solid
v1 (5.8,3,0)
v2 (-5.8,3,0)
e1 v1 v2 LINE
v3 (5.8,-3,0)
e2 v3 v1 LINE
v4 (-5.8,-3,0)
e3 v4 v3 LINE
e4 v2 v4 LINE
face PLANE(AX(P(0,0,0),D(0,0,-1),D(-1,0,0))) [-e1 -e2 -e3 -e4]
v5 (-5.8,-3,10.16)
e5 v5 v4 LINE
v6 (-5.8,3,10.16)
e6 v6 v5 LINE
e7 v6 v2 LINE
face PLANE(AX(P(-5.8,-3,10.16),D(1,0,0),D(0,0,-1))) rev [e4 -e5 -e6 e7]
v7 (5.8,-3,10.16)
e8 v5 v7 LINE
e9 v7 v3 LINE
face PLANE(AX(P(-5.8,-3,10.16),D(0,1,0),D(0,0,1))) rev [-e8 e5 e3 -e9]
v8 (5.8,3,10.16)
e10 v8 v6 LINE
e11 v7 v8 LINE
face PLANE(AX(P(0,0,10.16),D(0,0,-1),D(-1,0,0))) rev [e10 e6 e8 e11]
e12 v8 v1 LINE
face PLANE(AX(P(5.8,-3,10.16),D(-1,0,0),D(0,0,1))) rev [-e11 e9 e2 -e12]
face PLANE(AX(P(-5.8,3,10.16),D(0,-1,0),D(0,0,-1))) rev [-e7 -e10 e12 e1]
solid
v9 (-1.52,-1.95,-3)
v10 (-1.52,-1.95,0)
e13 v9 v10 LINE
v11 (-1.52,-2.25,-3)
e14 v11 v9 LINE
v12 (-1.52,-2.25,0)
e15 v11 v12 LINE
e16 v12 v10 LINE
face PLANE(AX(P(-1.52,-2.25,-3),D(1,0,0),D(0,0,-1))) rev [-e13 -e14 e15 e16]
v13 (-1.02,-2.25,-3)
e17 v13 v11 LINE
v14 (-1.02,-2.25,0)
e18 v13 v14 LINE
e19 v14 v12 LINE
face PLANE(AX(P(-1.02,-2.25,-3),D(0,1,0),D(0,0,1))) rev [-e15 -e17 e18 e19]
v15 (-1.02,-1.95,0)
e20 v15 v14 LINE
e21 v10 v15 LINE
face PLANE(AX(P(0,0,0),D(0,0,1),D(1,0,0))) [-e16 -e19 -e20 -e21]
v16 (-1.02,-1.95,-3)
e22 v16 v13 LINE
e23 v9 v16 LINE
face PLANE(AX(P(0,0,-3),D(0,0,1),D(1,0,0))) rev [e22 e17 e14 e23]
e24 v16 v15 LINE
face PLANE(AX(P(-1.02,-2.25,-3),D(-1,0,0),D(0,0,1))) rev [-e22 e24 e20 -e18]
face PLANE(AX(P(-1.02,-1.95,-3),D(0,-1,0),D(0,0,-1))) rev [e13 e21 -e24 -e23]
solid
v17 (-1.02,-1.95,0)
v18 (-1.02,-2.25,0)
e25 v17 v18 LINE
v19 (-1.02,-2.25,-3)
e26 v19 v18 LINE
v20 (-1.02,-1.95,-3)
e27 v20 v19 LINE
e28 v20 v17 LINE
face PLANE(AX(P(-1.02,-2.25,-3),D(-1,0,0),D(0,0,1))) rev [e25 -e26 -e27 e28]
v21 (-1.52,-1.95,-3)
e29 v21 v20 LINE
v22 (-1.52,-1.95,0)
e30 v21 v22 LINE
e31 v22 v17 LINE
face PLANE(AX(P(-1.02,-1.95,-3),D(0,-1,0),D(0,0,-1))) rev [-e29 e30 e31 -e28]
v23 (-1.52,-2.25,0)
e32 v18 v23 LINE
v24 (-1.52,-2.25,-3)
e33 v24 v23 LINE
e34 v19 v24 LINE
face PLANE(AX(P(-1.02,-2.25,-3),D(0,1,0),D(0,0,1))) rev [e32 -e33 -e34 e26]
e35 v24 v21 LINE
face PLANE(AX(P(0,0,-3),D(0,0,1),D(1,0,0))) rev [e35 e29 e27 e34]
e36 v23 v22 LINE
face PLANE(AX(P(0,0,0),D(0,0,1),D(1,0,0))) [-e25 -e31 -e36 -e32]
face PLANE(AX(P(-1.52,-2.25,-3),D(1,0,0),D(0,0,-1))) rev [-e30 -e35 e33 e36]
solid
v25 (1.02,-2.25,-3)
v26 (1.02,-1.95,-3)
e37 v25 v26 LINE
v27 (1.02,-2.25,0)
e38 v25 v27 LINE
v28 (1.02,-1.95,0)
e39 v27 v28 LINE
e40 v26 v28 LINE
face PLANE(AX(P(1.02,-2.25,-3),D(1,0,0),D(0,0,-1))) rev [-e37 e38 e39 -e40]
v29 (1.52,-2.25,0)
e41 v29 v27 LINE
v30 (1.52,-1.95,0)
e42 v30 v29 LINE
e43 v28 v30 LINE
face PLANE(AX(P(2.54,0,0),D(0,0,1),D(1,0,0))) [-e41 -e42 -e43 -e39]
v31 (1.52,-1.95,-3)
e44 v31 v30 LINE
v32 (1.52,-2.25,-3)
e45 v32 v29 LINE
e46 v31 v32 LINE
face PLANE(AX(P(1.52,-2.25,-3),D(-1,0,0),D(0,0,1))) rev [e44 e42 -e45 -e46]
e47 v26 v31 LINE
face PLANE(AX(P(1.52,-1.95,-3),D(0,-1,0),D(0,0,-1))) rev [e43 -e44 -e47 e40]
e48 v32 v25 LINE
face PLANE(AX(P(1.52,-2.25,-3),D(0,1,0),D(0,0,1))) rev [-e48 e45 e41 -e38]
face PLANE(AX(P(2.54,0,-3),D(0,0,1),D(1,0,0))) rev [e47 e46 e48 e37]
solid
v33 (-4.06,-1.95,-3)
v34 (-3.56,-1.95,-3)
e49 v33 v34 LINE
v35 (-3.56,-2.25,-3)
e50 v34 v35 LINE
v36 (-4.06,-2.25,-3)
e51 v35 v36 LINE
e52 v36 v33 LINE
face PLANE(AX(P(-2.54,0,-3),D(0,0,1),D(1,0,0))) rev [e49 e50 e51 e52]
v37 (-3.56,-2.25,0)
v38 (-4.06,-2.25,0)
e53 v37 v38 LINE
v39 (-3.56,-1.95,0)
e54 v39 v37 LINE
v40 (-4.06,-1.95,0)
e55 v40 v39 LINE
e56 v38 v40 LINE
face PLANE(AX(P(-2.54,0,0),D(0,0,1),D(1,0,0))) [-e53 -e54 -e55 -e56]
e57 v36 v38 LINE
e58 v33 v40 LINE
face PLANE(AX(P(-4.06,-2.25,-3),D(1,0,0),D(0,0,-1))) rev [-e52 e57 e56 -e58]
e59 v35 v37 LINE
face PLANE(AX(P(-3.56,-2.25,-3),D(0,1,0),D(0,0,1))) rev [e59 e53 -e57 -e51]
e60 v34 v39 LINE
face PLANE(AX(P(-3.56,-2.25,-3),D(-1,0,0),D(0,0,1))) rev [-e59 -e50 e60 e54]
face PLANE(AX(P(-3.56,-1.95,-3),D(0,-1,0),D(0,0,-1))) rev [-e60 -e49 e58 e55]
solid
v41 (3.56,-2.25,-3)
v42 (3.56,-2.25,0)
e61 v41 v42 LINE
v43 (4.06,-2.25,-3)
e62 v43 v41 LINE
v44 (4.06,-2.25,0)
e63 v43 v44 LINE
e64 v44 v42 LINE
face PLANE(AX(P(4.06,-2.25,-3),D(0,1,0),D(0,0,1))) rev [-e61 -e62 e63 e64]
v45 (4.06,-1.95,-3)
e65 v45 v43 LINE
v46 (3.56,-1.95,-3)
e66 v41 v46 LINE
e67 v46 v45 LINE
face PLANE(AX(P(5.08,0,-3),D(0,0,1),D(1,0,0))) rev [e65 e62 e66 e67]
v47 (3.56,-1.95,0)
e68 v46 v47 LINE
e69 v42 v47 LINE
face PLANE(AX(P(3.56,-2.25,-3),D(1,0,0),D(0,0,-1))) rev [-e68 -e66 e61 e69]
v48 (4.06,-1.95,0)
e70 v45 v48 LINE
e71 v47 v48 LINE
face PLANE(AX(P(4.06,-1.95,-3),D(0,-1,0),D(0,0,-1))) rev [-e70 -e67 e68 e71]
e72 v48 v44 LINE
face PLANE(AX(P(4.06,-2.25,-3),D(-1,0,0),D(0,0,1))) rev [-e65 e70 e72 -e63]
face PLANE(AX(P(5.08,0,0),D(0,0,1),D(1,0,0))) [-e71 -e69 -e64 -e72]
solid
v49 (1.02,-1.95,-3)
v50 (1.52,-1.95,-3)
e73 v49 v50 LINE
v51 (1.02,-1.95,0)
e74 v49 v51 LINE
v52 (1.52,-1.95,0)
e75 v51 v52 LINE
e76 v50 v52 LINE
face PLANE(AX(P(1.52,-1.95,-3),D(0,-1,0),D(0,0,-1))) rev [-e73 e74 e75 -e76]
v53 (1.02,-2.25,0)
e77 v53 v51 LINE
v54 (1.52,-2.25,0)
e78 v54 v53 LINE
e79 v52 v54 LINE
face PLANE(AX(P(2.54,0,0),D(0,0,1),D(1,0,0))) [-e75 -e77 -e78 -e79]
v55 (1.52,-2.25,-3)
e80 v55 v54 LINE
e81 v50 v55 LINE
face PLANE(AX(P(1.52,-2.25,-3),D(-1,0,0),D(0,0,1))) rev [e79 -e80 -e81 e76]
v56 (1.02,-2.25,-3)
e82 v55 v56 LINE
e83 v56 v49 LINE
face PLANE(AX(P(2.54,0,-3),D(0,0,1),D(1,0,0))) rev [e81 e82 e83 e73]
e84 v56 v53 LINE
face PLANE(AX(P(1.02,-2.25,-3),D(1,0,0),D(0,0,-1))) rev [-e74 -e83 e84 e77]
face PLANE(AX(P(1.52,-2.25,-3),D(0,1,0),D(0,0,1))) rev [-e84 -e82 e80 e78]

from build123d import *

# Parameters (mm, degrees)
SKETCH_1_W               = 11.6
SKETCH_1_H               = 6
EXTRUDE_1_DEPTH          = 10.16
SKETCH_2_W               = 0.5
SKETCH_2_H               = 0.3
EXTRUDE_2_DEPTH          = 3
PATTERN_LINEAR_1_COUNT   = 2
PATTERN_LINEAR_1_PITCH   = 2.54
PATTERN_LINEAR_1_2_COUNT = 3
PATTERN_LINEAR_1_2_PITCH = 2.54


with BuildPart() as part:
    # Эскиз1 → Бобышка-Вытянуть1 (new body)
    with BuildSketch(Plane.XY):
        Rectangle(SKETCH_1_W, SKETCH_1_H)
    extrude(amount=EXTRUDE_1_DEPTH)


with BuildPart() as body_2:
    # Эскиз2 → Бобышка-Вытянуть2 (new body)
    with BuildSketch(Plane(origin=(0, 0, 0), x_dir=(-1, 0, 0), z_dir=(0, 0, -1))):
        with Locations((1.27, -2.1)):
            Rectangle(SKETCH_2_W, SKETCH_2_H)
    extrude(amount=EXTRUDE_2_DEPTH)


with BuildPart() as pattern_linear_1_1:
    # Линейный массив1: pattern copy
    add(body_2.part.moved(Location(Vector(-1, 0, 0) * (1 * PATTERN_LINEAR_1_PITCH))))


with BuildPart() as pattern_linear_1_2_1:
    # Pattern Linear 1 2: pattern copy
    add(body_2.part.moved(Location(Vector(1, 0, 0) * (1 * PATTERN_LINEAR_1_2_PITCH))))


with BuildPart() as pattern_linear_1_2_2:
    # Pattern Linear 1 2: pattern copy
    add(body_2.part.moved(Location(Vector(1, 0, 0) * (2 * PATTERN_LINEAR_1_2_PITCH))))


with BuildPart() as pattern_linear_1_2_3:
    # Pattern Linear 1 2: pattern copy
    add(pattern_linear_1_1.part.moved(Location(Vector(1, 0, 0) * (1 * PATTERN_LINEAR_1_2_PITCH))))


with BuildPart() as pattern_linear_1_2_4:
    # Pattern Linear 1 2: pattern copy
    add(pattern_linear_1_1.part.moved(Location(Vector(1, 0, 0) * (2 * PATTERN_LINEAR_1_2_PITCH))))


solid = Compound([part.part, body_2.part, pattern_linear_1_1.part, pattern_linear_1_2_1.part, pattern_linear_1_2_2.part, pattern_linear_1_2_3.part, pattern_linear_1_2_4.part])
